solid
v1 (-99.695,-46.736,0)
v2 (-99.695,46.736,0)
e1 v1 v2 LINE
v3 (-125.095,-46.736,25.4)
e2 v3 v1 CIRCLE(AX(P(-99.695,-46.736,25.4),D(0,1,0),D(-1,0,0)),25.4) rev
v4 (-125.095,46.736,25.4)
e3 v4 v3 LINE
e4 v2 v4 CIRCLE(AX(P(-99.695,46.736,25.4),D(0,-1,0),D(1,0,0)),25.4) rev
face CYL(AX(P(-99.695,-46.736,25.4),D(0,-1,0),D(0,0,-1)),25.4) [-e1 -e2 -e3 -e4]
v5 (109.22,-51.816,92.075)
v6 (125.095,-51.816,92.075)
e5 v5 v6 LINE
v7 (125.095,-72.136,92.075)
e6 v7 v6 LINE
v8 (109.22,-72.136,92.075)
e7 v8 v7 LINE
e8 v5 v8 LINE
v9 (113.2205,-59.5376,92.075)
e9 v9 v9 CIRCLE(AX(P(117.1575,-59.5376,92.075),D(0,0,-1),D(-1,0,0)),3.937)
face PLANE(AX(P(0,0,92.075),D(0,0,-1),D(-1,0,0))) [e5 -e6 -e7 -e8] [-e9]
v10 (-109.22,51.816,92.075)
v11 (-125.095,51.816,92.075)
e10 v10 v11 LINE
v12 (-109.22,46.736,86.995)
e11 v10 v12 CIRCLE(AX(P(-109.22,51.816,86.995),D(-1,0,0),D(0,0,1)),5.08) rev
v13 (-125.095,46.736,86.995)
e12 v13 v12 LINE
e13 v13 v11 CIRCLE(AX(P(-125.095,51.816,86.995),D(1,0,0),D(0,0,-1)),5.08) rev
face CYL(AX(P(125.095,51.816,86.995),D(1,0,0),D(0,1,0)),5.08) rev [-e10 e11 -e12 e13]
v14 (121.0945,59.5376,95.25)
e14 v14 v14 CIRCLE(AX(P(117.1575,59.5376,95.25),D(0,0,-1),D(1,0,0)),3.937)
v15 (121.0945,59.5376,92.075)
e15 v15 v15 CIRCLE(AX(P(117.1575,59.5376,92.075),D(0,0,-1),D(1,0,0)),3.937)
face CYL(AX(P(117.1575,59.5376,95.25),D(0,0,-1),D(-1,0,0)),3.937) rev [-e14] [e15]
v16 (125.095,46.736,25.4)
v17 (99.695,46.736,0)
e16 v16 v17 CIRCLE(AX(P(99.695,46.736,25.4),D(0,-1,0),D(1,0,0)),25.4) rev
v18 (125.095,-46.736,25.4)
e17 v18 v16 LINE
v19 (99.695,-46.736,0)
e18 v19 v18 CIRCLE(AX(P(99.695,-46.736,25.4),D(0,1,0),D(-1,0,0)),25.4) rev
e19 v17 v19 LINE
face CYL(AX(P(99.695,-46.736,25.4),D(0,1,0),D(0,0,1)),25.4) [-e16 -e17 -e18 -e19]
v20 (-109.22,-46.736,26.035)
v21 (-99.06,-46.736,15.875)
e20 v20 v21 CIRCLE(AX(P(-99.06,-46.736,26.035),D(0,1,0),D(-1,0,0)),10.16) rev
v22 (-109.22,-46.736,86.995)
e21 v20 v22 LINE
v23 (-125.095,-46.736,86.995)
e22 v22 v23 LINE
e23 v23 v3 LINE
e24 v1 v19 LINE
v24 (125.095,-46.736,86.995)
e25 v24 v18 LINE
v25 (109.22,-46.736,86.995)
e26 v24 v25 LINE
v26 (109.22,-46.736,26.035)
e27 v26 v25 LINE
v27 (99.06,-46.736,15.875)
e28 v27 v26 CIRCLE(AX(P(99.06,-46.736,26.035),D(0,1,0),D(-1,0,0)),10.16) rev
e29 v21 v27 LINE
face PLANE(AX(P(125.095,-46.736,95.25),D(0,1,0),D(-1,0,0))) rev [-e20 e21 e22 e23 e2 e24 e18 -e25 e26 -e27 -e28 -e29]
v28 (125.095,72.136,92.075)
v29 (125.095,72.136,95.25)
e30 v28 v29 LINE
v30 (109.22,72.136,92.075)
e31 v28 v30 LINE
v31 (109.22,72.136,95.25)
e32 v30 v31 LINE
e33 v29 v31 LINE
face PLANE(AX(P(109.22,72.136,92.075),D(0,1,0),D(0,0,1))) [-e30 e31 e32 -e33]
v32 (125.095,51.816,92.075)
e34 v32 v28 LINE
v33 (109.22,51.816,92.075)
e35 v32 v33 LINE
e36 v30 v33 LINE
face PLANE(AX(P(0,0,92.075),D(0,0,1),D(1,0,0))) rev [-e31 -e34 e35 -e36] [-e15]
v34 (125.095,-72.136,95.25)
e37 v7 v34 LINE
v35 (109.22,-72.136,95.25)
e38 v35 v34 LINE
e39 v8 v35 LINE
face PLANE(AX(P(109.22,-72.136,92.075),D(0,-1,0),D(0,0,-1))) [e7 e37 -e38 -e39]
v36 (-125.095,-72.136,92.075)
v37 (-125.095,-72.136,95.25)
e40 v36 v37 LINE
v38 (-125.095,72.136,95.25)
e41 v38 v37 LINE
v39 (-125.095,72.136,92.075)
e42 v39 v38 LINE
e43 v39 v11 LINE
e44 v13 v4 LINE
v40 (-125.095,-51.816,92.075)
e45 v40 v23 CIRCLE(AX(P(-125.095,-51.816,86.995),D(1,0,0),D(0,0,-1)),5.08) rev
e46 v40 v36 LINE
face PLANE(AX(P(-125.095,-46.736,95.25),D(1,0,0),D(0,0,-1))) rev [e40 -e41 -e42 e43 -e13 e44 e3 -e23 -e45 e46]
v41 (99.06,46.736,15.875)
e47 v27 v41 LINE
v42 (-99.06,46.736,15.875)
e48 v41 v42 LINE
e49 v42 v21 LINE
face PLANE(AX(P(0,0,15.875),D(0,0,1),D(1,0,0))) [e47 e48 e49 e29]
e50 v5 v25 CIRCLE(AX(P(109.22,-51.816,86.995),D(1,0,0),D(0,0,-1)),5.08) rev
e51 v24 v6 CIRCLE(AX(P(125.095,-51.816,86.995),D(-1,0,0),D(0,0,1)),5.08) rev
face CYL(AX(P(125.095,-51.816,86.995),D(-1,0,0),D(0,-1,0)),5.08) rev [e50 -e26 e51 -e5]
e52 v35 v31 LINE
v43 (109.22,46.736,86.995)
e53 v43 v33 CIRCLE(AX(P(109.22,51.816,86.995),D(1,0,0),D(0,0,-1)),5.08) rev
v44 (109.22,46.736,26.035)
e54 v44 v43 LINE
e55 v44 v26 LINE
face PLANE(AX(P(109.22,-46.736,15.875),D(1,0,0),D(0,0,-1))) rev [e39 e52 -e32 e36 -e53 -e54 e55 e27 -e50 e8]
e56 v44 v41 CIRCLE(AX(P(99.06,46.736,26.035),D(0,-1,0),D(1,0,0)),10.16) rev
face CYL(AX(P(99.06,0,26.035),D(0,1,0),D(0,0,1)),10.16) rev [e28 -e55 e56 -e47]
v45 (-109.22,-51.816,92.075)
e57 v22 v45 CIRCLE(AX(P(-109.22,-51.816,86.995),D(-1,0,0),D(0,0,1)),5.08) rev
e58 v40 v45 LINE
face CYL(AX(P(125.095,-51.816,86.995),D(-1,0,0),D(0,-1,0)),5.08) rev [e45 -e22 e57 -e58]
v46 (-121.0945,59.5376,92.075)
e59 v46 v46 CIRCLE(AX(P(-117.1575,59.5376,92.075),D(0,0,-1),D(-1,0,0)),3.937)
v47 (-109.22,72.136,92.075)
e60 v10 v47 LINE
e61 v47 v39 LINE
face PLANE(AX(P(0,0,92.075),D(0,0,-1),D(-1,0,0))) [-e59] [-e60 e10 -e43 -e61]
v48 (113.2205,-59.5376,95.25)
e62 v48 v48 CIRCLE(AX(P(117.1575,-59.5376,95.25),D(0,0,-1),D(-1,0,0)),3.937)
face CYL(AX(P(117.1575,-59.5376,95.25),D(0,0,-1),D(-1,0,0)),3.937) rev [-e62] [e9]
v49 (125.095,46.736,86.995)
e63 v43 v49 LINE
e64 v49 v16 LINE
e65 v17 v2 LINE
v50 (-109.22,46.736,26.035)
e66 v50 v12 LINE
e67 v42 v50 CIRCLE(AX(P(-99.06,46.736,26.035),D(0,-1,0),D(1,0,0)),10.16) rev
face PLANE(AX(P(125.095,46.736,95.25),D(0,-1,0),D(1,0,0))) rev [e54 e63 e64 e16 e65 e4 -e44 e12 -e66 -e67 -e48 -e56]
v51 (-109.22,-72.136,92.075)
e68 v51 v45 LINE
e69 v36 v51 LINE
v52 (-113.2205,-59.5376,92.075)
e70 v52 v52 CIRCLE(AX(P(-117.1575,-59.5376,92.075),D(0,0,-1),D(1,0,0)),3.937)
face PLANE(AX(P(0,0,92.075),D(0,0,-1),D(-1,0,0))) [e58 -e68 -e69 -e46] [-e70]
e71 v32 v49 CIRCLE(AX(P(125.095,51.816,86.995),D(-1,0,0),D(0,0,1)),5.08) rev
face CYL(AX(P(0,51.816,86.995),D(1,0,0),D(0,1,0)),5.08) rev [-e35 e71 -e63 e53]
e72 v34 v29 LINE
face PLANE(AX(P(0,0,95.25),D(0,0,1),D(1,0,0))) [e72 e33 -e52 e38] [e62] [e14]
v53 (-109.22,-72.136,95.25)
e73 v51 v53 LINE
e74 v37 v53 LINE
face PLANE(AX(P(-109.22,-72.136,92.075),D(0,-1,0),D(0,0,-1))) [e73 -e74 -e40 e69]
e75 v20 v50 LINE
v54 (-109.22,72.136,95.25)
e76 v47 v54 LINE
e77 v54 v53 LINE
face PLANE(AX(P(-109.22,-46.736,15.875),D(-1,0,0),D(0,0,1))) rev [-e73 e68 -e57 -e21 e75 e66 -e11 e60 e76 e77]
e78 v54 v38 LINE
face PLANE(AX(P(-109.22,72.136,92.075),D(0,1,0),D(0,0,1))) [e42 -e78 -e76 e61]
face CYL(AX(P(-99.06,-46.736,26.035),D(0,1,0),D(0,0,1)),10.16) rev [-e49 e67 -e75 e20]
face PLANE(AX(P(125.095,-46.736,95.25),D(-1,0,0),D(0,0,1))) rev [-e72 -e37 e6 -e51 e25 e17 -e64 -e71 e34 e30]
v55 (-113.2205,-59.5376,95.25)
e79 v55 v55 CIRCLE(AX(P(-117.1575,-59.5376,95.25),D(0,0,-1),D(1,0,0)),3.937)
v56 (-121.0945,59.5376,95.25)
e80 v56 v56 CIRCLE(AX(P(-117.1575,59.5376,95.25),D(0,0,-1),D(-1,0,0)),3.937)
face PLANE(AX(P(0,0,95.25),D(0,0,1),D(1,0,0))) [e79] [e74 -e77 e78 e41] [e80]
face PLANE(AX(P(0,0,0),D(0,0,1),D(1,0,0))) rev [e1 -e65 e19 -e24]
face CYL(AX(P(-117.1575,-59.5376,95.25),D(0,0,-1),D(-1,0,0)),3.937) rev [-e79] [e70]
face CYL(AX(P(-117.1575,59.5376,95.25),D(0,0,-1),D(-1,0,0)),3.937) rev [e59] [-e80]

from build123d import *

# Parameters (mm, degrees)
SKETCH1_W           = 250.19
SKETCH1_H           = 93.472
BOSS_EXTRUDE1_DEPTH = 95.25
SKETCH5_W           = 218.44
SKETCH5_H           = 93.472
CUT_EXTRUDE1_DEPTH  = 79.375
SKETCH6_W           = 15.875
SKETCH6_H           = 25.4
BOSS_EXTRUDE2_DEPTH = 3.175
SKETCH7_R           = 3.937
CUT_EXTRUDE2_DEPTH  = 172.26052419
FILLET1_R           = 25.4
FILLET2_R           = 25.4
FILLET3_R           = 5.08
FILLET4_R           = 5.08
FILLET5_R           = 5.08
FILLET6_R           = 5.08
FILLET7_R           = 10.16
FILLET8_R           = 10.16


with BuildPart() as part:
    # Sketch1 → Boss-Extrude1 (new body)
    with BuildSketch(Plane.XY):
        Rectangle(SKETCH1_W, SKETCH1_H)
    extrude(amount=BOSS_EXTRUDE1_DEPTH)

    # Sketch5 → Cut-Extrude1 (cut)
    with BuildSketch(Plane.XY.offset(95.25)):
        Rectangle(SKETCH5_W, SKETCH5_H)
    extrude(amount=-CUT_EXTRUDE1_DEPTH, mode=Mode.SUBTRACT)

    # Sketch6 → Boss-Extrude2 (add)
    with BuildSketch(Plane.XY.offset(95.25)):
        with Locations((117.1575, 59.436)):
            Rectangle(SKETCH6_W, SKETCH6_H)
        with Locations((-117.1575, 59.436)):
            Rectangle(SKETCH6_W, SKETCH6_H)
        with Locations((117.1575, -59.436)):
            Rectangle(SKETCH6_W, SKETCH6_H)
        with Locations((-117.1575, -59.436)):
            Rectangle(SKETCH6_W, SKETCH6_H)
    extrude(amount=-BOSS_EXTRUDE2_DEPTH)

    # Sketch7 → Cut-Extrude2 (cut, through all)
    with BuildSketch(Plane(origin=(0, 0, 92.075), x_dir=(-1, 0, 0), z_dir=(0, 0, -1))):
        with Locations((117.1575, 59.5376)):
            Circle(SKETCH7_R)
        with Locations(Location((-117.1575, 59.5376, 0), (0, 0, 180))):
            Circle(SKETCH7_R)
        with Locations(Location((117.1575, -59.5376, 0), (0, 0, 180))):
            Circle(SKETCH7_R)
        with Locations((-117.1575, -59.5376)):
            Circle(SKETCH7_R)
    extrude(amount=-CUT_EXTRUDE2_DEPTH, mode=Mode.SUBTRACT)

    # Fillet1
    fillet1_edges = [part.edges().sort_by_distance(p)[0] for p in [
        (125.095, 0, 0),
    ]]
    fillet(fillet1_edges, radius=FILLET1_R)

    # Fillet2
    fillet2_edges = [part.edges().sort_by_distance(p)[0] for p in [
        (-125.095, 0, 0),
    ]]
    fillet(fillet2_edges, radius=FILLET2_R)

    # Fillet3
    fillet3_edges = [part.edges().sort_by_distance(p)[0] for p in [
        (117.1575, 46.736, 92.075),
    ]]
    fillet(fillet3_edges, radius=FILLET3_R)

    # Fillet4
    fillet4_edges = [part.edges().sort_by_distance(p)[0] for p in [
        (-117.1575, 46.736, 92.075),
    ]]
    fillet(fillet4_edges, radius=FILLET4_R)

    # Fillet5
    fillet5_edges = [part.edges().sort_by_distance(p)[0] for p in [
        (-117.1575, -46.736, 92.075),
    ]]
    fillet(fillet5_edges, radius=FILLET5_R)

    # Fillet6
    fillet6_edges = [part.edges().sort_by_distance(p)[0] for p in [
        (117.1575, -46.736, 92.075),
    ]]
    fillet(fillet6_edges, radius=FILLET6_R)

    # Fillet7
    fillet7_edges = [part.edges().sort_by_distance(p)[0] for p in [
        (-109.22, 0, 15.875),
    ]]
    fillet(fillet7_edges, radius=FILLET7_R)

    # Fillet8
    fillet8_edges = [part.edges().sort_by_distance(p)[0] for p in [
        (109.22, 0, 15.875),
    ]]
    fillet(fillet8_edges, radius=FILLET8_R)


solid = part.part
